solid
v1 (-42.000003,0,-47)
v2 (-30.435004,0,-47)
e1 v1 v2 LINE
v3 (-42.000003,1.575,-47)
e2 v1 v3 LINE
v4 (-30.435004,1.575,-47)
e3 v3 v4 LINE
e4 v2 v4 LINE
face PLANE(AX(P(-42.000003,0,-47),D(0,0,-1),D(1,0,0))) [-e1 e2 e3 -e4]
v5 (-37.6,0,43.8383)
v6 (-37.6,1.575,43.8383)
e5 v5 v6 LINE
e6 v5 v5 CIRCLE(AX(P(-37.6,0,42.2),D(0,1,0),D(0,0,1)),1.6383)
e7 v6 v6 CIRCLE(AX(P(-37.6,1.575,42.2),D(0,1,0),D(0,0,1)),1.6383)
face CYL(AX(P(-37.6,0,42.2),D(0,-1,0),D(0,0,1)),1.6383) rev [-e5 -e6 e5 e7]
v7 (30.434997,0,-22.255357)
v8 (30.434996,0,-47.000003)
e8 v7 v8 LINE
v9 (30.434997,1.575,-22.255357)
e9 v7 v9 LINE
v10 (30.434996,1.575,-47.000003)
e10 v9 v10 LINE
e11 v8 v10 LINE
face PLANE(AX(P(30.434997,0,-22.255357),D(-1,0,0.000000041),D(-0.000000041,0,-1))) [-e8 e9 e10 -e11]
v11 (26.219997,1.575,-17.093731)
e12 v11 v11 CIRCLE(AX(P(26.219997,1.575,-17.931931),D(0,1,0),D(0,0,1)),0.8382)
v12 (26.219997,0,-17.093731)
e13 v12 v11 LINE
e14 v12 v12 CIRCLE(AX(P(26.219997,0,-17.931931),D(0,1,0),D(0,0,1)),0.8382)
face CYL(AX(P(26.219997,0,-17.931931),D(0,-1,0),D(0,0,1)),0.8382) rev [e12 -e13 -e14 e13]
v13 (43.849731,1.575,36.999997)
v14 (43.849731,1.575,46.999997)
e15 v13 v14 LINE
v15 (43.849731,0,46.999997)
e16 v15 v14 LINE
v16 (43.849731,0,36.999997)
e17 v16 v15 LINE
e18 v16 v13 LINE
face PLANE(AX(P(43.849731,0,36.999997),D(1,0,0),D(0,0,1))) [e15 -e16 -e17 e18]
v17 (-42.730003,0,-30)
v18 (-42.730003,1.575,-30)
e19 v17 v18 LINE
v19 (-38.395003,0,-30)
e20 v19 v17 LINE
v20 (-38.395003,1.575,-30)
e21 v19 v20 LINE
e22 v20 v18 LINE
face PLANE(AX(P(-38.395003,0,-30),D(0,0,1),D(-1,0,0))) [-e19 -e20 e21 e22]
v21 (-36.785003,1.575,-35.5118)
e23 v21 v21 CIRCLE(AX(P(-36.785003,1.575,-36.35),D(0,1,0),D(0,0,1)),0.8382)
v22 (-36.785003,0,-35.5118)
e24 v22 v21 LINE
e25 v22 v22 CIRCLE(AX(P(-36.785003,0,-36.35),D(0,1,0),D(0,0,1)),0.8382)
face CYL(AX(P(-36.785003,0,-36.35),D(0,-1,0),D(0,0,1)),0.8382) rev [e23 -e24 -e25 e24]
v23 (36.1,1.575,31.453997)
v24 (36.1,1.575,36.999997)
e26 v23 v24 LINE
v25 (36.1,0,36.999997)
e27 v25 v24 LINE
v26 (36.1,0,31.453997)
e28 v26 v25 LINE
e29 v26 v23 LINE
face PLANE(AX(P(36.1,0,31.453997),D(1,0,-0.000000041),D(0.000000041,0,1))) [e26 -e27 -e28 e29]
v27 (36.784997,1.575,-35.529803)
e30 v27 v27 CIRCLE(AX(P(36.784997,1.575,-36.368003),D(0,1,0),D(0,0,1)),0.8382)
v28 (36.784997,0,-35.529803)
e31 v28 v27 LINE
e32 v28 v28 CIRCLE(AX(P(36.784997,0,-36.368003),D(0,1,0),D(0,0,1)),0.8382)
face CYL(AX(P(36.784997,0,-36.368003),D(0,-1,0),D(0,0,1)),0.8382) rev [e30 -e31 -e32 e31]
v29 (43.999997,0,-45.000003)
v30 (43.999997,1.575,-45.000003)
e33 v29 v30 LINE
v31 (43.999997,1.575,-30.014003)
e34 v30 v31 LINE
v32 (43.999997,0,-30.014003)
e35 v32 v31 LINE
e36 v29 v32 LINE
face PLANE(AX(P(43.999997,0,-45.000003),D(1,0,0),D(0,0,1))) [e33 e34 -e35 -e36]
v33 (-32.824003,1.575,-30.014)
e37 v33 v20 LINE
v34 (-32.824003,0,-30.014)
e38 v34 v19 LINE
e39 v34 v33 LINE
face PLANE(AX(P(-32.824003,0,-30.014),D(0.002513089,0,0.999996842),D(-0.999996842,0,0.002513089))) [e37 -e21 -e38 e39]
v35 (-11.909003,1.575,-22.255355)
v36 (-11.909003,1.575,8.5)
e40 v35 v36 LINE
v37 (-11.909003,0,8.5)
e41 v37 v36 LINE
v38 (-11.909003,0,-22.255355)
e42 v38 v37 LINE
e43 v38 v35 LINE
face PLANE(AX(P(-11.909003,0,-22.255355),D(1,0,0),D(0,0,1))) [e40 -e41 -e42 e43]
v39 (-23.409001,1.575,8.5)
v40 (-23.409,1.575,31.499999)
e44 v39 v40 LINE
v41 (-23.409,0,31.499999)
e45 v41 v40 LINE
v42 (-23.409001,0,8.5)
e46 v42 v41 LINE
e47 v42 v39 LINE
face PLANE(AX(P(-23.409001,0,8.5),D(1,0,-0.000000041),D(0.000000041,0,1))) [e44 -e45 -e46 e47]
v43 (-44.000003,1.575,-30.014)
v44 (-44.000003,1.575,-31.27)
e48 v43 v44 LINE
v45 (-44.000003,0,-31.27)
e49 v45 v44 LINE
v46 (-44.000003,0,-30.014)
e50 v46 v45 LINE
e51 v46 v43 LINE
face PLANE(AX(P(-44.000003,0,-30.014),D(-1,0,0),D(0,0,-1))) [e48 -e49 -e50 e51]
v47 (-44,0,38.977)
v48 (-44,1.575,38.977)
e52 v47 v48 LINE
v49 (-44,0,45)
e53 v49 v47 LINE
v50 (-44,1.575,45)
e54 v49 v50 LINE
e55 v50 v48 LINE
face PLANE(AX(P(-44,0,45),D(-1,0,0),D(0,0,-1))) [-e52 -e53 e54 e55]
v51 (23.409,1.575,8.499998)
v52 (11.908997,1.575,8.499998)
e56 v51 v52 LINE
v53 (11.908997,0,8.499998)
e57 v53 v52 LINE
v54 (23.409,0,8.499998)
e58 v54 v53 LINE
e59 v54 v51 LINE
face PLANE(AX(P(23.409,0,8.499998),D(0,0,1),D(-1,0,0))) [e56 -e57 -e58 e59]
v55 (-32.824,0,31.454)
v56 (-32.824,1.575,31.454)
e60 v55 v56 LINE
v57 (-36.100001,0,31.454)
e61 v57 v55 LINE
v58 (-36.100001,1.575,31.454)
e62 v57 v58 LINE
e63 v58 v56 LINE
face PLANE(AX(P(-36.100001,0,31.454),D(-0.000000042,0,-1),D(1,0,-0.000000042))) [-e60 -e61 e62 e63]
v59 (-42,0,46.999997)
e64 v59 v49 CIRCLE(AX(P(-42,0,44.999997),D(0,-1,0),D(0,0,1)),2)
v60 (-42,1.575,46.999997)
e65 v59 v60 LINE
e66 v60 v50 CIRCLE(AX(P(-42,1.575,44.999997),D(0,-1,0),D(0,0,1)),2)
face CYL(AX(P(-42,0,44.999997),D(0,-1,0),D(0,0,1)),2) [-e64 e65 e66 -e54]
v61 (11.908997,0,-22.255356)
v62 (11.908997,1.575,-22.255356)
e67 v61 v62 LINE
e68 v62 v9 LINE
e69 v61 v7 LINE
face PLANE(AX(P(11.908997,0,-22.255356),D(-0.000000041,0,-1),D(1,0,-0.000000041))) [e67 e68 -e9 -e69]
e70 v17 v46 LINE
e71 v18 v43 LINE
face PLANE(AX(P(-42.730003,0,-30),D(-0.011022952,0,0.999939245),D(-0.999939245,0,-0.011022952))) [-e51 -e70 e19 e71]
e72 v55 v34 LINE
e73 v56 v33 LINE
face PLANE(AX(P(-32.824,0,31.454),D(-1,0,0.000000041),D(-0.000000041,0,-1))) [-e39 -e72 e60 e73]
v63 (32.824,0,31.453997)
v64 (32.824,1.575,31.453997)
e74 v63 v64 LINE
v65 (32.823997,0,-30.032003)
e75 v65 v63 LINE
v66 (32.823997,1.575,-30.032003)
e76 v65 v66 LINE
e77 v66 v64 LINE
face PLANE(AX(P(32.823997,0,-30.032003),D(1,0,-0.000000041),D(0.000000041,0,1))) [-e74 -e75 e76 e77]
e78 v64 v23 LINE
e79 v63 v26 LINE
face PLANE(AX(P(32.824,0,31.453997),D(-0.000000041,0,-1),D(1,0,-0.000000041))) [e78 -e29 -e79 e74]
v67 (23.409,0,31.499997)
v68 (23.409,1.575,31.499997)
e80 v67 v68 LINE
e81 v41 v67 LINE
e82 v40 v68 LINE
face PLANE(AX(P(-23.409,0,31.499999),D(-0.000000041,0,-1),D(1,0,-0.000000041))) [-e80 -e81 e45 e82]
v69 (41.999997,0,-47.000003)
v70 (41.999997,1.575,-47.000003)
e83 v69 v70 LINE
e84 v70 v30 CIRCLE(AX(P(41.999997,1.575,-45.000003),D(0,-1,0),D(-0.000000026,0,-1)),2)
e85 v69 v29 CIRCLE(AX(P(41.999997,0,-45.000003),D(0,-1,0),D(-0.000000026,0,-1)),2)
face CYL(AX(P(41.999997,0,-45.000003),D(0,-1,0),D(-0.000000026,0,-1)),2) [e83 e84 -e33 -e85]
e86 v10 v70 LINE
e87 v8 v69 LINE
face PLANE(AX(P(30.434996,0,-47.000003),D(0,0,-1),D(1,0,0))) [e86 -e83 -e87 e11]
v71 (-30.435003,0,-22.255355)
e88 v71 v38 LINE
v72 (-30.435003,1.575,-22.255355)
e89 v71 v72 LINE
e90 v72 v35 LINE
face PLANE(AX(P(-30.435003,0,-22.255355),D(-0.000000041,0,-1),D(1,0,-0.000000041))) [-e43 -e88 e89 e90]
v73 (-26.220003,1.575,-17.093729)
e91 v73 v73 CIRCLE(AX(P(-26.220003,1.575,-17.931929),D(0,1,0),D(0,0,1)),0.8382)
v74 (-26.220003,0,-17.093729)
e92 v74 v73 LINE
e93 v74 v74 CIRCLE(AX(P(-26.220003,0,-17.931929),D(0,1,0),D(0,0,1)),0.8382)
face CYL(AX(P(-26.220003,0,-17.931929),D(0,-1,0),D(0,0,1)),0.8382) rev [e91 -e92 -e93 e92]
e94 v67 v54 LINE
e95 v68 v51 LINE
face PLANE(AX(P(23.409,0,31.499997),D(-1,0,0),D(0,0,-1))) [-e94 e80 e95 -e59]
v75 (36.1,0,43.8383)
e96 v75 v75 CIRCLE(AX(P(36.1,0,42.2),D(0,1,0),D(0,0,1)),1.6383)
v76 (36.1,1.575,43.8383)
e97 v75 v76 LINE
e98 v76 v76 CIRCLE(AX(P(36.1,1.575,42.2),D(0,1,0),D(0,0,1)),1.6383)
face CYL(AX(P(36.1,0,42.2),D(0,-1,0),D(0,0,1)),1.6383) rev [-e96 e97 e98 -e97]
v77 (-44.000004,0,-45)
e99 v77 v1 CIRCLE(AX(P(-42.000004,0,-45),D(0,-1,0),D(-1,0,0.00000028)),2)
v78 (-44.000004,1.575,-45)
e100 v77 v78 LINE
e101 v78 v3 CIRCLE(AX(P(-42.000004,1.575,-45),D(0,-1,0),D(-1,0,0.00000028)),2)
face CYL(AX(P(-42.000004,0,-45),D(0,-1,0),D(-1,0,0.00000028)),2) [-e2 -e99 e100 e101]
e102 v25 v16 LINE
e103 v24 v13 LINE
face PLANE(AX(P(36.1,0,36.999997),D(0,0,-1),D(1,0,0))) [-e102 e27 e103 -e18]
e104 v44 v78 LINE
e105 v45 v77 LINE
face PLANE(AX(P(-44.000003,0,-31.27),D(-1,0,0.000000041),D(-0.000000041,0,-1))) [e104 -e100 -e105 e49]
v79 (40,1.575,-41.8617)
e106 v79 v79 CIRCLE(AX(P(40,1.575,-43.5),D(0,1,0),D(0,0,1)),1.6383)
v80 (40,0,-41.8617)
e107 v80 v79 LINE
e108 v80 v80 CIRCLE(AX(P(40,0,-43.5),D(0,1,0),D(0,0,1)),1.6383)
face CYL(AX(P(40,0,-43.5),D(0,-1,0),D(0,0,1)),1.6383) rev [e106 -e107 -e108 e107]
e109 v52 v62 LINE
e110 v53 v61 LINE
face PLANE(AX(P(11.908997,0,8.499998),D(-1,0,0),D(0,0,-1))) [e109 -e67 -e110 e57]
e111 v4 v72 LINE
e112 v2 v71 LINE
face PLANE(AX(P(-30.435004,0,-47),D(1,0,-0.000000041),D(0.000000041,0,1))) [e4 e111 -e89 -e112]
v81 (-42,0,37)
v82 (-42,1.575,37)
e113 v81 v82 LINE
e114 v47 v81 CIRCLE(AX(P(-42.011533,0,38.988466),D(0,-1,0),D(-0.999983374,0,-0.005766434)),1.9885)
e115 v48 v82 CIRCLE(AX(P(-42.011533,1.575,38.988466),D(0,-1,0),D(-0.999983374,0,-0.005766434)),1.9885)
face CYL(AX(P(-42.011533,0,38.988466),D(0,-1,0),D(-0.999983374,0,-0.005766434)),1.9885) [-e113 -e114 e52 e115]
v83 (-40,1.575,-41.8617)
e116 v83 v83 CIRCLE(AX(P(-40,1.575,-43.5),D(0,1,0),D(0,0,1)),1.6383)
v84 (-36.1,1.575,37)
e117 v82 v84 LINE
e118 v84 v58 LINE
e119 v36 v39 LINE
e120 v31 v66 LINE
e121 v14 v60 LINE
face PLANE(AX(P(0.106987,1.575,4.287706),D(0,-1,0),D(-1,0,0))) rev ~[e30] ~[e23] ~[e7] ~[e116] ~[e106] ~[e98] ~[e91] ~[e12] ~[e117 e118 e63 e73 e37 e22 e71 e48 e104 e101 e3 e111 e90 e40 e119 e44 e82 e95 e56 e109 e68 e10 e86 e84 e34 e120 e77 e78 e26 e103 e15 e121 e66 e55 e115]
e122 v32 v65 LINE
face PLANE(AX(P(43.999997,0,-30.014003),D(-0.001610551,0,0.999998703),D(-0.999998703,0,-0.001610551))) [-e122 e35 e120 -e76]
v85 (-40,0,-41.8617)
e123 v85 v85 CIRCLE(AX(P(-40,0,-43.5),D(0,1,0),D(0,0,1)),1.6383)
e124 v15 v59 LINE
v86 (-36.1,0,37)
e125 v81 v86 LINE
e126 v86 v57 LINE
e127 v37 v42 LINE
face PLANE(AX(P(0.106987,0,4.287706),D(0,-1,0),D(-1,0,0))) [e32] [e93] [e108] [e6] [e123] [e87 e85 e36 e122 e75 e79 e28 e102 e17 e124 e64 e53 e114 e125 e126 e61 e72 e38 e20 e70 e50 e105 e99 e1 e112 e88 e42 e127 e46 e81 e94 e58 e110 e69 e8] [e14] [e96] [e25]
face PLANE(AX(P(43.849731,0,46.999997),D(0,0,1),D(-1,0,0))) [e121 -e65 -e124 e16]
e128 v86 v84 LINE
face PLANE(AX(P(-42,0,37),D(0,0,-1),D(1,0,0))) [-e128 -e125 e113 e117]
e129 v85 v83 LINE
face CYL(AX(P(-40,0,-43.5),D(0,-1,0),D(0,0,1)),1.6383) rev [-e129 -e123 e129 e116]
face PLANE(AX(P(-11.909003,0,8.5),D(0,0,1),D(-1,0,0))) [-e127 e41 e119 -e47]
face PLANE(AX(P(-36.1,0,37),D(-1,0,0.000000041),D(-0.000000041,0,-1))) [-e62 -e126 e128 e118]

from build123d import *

# Parameters (mm, degrees)
SKETCH1_R           = 1.6383
SKETCH1_R_2         = 0.8382
BOSS_EXTRUDE1_DEPTH = 1.575


with BuildPart() as part:
    # Sketch1 → Boss-Extrude1 (new body)
    with BuildSketch(Plane(origin=(0, 0, 0), x_dir=(1, 0, 0), z_dir=(0, 1, 0))):
        with BuildLine():
            Line((-38.39500299, 29.999999735), (-42.73000299, 29.999999735))
            Line((-42.73000299, 29.999999735), (-44.000003042, 30.013999735))
            Line((-44.000003042, 30.013999735), (-44.000003042, 31.269999735))
            Line((-44.000003042, 31.269999735), (-44.00000361, 44.999999735))
            ThreePointArc((-44.00000361, 44.999999735), (-43.414217128, 46.414213903), (-42.000002924, 47.000000297))
            Line((-42.000002924, 47.000000297), (-30.435003745, 47.000000297))
            Line((-30.435003745, 47.000000297), (-30.435002721, 22.255354587))
            Line((-30.435002721, 22.255354587), (-11.909002721, 22.255355354))
            Line((-11.909002721, 22.255355354), (-11.909002721, -8.5))
            Line((-11.909002721, -8.5), (-23.409001447, -8.5))
            Line((-23.409001447, -8.5), (-23.409000495, -31.499999412))
            Line((-23.409000495, -31.499999412), (23.408999505, -31.499997474))
            Line((23.408999505, -31.499997474), (23.408999505, -8.499997555))
            Line((23.408999505, -8.499997555), (11.908997279, -8.499997555))
            Line((11.908997279, -8.499997555), (11.908997279, 22.25535634))
            Line((11.908997279, 22.25535634), (30.434997279, 22.255357107))
            Line((30.434997279, 22.255357107), (30.434996255, 47.000002817))
            Line((30.434996255, 47.000002817), (41.999997246, 47.000002817))
            ThreePointArc((41.999997246, 47.000002817), (43.414210615, 46.414216484), (43.999996958, 45.000003119))
            Line((43.999996958, 45.000003119), (43.999996958, 32.000003378))
            Line((43.999996958, 32.000003378), (43.999996958, 30.014003378))
            Line((43.999996958, 30.014003378), (32.823996958, 30.032002916))
            Line((32.823996958, 30.032002916), (32.823999503, -31.453997084))
            Line((32.823999503, -31.453997084), (36.099999555, -31.453996949))
            Line((36.099999555, -31.453996949), (36.099999785, -36.999996949))
            Line((36.099999785, -36.999996949), (43.849731264, -36.999996949))
            Line((43.849731264, -36.999996949), (43.849731264, -46.999996628))
            Line((43.849731264, -46.999996628), (-42.000000215, -46.999996628))
            ThreePointArc((-42.000000215, -46.999996628), (-43.414212607, -46.414211361), (-44.000000215, -44.999999938))
            Line((-44.000000215, -44.999999938), (-44.000000215, -38.976999938))
            ThreePointArc((-44.000000215, -38.976999938), (-43.409460005, -37.574276579), (-42.000000215, -36.999999938))
            Line((-42.000000215, -36.999999938), (-38.395000215, -36.999999938))
            Line((-38.395000215, -36.999999938), (-36.100000319, -36.999999938))
            Line((-36.100000319, -36.999999938), (-36.100000549, -31.453999938))
            Line((-36.100000549, -31.453999938), (-32.824000497, -31.453999802))
            Line((-32.824000497, -31.453999802), (-32.824003042, 30.014000198))
            Line((-32.824003042, 30.014000198), (-38.39500299, 29.999999735))
        make_face()
        with Locations(Location((40, 43.5, 0), (0, 0, 270))):
            Circle(SKETCH1_R, mode=Mode.SUBTRACT)
        with Locations(Location((-40, 43.5, 0), (0, 0, 270))):
            Circle(SKETCH1_R, mode=Mode.SUBTRACT)
        with Locations(Location((-37.6, -42.2, 0), (0, 0, 270))):
            Circle(SKETCH1_R, mode=Mode.SUBTRACT)
        with Locations(Location((36.1, -42.2, 0), (0, 0, 270))):
            Circle(SKETCH1_R, mode=Mode.SUBTRACT)
        with Locations(Location((-36.785003304, 36.350000034, 0), (0, 0, 270))):
            Circle(SKETCH1_R_2, mode=Mode.SUBTRACT)
        with Locations(Location((-26.220002542, 17.93192918, 0), (0, 0, 270))):
            Circle(SKETCH1_R_2, mode=Mode.SUBTRACT)
        with Locations(Location((26.219997458, 17.931931351, 0), (0, 0, 270))):
            Circle(SKETCH1_R_2, mode=Mode.SUBTRACT)
        with Locations(Location((36.784996695, 36.36800308, 0), (0, 0, 270))):
            Circle(SKETCH1_R_2, mode=Mode.SUBTRACT)
    extrude(amount=BOSS_EXTRUDE1_DEPTH)


solid = part.part
